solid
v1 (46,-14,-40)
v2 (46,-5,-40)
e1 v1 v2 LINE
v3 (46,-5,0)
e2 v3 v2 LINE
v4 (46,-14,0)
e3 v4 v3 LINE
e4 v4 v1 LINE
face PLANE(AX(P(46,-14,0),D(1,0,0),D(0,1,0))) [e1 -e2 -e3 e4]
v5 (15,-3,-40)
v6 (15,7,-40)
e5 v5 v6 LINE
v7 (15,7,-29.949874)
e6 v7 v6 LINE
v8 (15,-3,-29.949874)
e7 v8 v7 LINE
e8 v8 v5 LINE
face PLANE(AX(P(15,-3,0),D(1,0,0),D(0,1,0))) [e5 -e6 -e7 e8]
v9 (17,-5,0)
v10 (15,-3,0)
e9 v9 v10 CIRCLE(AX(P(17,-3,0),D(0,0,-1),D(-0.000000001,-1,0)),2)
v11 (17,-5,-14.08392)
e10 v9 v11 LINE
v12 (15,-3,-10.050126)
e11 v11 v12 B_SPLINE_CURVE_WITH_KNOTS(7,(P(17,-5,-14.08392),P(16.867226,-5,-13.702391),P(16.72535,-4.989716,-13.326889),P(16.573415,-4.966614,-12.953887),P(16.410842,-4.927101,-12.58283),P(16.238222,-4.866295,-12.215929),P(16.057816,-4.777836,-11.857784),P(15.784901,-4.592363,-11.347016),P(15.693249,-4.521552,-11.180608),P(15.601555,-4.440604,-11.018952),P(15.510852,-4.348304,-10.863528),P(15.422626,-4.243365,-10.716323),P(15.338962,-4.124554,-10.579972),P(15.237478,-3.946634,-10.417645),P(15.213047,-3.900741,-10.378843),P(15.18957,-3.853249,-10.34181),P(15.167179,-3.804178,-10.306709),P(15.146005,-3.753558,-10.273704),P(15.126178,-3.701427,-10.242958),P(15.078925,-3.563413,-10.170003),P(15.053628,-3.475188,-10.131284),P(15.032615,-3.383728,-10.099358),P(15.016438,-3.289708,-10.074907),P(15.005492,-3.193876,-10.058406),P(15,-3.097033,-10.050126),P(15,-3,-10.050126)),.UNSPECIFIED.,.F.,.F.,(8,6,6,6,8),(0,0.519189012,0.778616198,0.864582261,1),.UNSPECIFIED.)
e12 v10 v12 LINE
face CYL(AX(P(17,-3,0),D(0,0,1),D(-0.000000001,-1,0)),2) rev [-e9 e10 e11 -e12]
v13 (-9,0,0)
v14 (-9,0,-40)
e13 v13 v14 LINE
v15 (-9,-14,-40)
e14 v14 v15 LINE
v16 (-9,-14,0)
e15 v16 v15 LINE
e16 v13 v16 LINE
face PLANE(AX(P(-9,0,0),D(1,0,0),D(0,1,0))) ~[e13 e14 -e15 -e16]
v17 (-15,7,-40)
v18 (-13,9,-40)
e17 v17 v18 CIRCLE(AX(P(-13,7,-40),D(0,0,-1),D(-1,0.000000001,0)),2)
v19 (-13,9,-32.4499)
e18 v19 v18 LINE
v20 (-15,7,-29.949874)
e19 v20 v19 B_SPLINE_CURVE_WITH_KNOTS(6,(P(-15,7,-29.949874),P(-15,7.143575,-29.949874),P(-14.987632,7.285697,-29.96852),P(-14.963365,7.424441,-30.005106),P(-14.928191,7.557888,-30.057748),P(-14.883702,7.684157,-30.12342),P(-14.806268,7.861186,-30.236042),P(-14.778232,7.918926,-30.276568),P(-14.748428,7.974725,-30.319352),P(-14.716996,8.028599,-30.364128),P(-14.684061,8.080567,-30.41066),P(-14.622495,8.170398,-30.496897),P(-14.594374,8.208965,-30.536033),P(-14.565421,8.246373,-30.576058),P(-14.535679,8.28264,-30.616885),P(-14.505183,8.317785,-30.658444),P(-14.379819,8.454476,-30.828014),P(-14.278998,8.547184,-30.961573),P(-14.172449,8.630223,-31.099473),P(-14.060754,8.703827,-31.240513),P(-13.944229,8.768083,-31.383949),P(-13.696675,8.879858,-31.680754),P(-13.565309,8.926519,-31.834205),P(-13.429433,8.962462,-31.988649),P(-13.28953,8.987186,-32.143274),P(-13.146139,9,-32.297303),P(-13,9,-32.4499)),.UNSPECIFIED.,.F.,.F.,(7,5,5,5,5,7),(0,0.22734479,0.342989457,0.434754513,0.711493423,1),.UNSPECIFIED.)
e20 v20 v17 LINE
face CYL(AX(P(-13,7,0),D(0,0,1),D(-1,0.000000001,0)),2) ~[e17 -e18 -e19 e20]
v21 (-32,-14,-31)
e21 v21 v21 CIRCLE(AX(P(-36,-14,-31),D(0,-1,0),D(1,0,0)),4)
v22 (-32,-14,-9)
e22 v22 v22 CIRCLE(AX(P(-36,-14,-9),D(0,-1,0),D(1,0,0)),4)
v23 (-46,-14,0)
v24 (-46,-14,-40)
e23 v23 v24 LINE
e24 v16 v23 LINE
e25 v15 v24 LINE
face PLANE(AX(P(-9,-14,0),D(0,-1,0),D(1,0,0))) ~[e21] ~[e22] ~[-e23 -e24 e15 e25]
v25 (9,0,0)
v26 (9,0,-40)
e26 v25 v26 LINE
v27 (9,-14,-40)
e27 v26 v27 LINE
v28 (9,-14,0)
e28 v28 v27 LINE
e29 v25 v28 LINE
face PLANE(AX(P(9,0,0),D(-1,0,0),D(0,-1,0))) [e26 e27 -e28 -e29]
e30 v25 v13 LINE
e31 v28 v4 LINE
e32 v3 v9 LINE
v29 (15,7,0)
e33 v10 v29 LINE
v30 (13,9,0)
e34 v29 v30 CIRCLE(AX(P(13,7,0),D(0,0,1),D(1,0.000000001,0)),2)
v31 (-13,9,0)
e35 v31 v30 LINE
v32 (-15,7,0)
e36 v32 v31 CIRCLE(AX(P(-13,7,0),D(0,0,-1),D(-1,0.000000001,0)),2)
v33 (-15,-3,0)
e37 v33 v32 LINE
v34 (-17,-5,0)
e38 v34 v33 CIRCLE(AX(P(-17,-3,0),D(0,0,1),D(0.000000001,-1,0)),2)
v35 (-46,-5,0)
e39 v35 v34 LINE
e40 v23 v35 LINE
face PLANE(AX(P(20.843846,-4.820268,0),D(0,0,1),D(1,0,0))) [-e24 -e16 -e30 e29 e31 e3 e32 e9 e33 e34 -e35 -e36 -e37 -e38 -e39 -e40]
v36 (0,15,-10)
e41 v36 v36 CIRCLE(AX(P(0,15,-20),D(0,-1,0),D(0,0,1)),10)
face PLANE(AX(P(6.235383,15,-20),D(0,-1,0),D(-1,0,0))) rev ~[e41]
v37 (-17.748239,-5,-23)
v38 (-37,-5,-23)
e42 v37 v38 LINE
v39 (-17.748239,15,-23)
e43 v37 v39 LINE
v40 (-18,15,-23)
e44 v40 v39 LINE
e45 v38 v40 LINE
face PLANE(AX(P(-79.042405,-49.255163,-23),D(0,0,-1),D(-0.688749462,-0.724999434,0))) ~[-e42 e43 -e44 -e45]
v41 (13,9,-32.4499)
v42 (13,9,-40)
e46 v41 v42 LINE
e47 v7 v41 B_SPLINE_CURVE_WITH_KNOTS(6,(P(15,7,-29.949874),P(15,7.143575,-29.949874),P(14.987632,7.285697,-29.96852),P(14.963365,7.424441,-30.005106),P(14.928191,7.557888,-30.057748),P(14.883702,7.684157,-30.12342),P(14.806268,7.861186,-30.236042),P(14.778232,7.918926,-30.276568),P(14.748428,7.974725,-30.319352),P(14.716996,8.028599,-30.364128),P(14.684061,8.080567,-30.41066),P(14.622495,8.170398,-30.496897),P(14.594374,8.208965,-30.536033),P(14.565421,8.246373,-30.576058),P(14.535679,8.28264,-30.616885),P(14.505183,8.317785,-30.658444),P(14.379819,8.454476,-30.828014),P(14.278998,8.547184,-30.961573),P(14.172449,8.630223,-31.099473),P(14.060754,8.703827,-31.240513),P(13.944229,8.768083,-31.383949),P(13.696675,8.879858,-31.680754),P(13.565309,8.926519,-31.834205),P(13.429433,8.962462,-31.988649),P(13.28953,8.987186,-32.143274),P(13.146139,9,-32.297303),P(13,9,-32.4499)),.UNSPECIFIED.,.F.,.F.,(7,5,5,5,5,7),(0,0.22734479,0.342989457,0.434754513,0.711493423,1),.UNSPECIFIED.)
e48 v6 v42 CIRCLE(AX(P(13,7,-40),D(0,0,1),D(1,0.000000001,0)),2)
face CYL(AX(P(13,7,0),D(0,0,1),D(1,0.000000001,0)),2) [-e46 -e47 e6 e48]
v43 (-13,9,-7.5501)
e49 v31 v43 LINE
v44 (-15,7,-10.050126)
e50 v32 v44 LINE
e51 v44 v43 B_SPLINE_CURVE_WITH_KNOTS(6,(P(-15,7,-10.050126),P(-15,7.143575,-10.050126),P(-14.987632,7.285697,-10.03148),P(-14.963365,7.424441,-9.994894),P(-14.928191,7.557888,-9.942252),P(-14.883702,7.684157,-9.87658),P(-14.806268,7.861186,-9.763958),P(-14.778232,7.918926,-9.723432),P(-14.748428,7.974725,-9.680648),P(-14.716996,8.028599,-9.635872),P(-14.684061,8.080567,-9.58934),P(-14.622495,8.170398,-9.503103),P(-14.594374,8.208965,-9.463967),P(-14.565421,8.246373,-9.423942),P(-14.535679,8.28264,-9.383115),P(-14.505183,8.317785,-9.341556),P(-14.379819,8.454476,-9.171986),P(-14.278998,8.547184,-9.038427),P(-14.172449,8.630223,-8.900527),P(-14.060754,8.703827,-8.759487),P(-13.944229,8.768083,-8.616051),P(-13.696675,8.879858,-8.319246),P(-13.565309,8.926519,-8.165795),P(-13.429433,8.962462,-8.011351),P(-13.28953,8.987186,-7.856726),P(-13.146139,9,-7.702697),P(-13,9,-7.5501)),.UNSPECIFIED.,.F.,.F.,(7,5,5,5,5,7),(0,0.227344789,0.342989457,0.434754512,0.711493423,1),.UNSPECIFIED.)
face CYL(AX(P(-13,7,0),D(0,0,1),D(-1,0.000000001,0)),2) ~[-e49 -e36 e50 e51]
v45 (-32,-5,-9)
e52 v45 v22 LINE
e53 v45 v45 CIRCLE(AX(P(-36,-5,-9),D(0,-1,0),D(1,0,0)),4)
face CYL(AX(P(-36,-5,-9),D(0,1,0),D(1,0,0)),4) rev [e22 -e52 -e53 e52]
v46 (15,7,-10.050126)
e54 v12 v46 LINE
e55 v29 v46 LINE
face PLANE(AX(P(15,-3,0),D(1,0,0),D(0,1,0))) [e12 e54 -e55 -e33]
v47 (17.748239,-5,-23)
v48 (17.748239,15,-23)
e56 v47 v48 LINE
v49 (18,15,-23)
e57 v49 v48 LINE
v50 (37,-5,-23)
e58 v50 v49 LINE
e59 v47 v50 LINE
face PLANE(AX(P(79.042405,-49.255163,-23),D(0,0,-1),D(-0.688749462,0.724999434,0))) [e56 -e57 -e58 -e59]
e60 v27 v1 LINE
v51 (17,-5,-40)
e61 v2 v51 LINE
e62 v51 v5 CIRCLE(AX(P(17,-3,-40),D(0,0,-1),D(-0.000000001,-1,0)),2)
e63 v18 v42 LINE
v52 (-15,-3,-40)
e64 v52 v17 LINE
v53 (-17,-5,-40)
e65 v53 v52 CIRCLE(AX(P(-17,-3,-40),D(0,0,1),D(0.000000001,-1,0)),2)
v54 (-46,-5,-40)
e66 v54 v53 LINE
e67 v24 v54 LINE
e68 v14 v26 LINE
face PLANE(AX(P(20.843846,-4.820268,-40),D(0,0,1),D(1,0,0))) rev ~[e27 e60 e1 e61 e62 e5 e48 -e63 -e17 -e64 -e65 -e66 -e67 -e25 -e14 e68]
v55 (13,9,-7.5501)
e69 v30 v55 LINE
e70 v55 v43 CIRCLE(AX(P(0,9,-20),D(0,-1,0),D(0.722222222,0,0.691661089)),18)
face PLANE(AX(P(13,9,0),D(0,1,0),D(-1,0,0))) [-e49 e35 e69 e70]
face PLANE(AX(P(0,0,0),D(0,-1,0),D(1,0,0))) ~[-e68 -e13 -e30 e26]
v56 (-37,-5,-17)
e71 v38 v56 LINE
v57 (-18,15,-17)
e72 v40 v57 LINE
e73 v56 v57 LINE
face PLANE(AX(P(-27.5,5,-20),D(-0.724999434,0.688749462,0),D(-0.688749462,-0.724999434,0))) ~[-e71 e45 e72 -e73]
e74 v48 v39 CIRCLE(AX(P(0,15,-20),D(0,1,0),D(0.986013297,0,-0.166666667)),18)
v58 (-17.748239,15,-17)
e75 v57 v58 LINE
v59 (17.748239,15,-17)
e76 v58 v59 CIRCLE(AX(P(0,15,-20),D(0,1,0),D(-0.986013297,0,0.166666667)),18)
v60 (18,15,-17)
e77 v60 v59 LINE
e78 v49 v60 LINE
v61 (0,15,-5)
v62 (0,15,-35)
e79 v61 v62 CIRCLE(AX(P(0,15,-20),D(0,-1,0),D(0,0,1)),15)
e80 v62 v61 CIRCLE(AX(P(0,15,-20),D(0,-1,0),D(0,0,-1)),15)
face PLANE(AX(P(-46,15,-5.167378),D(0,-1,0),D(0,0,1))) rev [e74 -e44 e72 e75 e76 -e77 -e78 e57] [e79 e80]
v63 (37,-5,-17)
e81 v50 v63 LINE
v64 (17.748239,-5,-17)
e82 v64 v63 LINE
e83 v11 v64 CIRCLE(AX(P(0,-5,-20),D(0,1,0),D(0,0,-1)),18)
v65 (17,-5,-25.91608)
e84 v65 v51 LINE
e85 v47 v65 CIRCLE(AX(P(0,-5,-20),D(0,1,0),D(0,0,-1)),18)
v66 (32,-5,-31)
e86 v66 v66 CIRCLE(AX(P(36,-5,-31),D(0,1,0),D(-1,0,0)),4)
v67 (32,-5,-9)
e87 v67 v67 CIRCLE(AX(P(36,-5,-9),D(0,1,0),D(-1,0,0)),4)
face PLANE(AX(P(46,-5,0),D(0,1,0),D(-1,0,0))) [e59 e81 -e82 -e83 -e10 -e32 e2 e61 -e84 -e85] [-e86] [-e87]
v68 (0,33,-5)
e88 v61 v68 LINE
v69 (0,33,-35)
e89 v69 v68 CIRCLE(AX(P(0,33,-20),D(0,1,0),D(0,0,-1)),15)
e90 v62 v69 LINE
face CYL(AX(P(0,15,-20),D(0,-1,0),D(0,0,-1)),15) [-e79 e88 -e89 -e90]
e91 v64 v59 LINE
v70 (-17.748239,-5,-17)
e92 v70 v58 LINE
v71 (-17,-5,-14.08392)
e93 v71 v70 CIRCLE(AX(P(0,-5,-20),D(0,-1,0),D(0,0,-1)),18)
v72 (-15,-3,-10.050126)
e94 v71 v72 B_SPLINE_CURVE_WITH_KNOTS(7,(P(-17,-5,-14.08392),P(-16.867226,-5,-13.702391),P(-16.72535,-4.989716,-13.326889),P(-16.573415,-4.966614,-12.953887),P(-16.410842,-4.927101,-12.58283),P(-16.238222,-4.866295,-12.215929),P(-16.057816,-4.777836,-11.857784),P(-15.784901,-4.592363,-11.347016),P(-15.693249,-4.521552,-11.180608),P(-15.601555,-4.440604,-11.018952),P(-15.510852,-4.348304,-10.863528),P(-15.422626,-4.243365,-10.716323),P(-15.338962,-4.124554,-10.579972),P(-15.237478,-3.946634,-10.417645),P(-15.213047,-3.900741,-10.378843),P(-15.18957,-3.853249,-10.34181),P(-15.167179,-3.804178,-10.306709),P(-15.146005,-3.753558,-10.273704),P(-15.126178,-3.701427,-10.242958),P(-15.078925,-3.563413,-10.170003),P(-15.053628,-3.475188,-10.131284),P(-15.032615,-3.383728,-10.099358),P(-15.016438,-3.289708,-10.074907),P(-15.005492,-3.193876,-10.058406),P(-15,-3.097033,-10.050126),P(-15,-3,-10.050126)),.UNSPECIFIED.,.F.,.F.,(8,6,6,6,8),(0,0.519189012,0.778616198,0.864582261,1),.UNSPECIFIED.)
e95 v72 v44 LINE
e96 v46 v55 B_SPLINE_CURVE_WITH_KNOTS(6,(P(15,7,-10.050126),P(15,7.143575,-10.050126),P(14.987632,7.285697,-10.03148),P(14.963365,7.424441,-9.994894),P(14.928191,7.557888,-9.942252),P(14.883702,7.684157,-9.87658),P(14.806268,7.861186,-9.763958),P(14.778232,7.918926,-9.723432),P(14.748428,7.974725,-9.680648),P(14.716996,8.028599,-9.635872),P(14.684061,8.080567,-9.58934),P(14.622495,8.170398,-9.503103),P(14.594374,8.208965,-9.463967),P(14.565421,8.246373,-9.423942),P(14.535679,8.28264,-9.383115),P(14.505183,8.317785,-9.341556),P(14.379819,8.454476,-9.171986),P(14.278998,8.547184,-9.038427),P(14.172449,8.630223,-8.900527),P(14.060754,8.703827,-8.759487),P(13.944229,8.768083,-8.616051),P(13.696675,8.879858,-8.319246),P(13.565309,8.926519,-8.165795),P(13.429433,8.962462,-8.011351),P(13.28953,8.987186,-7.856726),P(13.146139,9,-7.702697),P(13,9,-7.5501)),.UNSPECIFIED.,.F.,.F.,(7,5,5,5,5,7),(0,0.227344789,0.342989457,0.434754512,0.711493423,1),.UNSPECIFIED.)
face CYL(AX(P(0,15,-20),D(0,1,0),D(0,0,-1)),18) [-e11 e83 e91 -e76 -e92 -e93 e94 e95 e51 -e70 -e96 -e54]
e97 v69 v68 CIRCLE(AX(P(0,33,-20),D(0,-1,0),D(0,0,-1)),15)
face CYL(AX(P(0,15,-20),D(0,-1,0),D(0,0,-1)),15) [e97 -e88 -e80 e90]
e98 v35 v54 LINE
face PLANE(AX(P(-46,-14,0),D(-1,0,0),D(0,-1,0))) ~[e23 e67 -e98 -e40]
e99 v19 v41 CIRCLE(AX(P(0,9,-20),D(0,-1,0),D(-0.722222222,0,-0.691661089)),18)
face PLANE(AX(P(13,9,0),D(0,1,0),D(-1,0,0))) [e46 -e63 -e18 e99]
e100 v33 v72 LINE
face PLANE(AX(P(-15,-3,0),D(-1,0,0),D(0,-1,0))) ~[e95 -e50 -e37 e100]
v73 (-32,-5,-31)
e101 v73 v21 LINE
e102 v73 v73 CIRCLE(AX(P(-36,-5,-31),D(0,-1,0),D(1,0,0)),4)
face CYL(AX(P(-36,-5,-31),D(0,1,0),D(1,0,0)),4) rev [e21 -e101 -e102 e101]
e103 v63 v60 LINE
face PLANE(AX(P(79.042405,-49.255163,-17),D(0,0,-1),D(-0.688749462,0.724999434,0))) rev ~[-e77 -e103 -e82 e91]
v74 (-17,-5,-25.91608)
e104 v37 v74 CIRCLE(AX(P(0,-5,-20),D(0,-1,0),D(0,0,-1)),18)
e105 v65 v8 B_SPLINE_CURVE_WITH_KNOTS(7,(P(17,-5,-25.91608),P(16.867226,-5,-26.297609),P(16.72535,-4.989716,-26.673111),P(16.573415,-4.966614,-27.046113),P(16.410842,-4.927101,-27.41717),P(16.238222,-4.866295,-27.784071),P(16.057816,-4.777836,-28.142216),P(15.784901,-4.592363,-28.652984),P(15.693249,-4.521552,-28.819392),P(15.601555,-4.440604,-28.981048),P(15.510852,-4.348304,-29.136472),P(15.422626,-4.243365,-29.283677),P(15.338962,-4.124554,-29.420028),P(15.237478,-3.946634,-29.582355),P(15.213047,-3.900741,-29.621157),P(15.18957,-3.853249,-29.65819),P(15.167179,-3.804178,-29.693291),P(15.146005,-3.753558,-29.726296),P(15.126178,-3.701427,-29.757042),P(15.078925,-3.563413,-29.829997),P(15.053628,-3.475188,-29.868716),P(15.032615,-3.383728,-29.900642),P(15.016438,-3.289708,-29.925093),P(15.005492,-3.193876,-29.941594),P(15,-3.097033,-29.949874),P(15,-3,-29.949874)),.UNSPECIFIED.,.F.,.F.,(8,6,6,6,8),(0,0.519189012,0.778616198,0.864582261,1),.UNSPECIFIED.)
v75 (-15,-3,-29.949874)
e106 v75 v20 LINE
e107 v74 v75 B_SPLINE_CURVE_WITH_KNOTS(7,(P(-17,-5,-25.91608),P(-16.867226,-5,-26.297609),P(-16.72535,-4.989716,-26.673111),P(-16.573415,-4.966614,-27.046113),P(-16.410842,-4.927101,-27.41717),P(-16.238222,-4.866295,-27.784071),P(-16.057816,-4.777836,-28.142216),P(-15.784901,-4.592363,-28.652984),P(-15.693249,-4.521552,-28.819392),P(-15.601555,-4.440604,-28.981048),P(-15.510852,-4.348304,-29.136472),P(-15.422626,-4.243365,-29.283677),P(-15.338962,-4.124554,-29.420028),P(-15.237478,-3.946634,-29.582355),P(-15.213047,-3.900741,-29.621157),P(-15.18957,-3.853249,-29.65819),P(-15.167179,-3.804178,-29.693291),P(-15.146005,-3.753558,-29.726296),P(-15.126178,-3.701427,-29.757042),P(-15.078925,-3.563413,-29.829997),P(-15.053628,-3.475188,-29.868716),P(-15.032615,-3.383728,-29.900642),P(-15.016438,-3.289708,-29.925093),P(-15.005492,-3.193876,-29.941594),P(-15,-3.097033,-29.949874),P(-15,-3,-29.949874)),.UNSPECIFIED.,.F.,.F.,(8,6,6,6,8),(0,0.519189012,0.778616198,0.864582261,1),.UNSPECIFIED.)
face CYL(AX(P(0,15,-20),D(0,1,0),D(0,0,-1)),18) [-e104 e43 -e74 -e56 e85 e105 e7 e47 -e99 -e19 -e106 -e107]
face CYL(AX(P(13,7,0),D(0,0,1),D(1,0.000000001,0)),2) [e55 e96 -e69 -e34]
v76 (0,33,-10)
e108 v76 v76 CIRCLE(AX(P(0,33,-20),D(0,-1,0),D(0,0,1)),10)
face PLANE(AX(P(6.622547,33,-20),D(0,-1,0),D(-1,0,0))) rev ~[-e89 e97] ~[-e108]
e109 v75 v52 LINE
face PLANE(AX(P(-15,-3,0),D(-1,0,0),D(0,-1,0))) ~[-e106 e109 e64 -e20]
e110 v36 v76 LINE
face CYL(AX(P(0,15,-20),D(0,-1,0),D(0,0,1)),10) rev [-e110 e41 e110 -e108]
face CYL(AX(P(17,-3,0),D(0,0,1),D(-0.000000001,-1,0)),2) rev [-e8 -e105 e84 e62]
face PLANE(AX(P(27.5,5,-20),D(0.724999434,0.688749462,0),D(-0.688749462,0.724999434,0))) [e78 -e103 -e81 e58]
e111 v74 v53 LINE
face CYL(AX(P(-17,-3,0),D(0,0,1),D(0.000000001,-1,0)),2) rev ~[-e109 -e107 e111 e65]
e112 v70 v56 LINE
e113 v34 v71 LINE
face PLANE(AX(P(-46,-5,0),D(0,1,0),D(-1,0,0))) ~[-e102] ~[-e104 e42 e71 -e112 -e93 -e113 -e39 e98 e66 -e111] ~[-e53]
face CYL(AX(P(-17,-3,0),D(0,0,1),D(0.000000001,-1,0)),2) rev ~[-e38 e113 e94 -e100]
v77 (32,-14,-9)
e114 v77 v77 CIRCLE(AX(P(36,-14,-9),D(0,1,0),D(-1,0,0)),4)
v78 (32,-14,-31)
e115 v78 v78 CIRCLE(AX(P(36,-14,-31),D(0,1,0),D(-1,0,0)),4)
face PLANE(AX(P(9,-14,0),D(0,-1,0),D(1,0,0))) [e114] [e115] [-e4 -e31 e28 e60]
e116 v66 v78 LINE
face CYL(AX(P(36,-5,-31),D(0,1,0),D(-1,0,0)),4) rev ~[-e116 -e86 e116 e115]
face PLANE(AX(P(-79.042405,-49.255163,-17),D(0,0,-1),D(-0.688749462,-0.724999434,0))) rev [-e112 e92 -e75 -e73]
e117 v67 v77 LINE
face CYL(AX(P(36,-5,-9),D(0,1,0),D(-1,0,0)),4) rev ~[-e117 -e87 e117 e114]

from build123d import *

# Parameters (mm, degrees)
BOSS_EXTRUDE1_DEPTH = 40
SKETCH2_R           = 4
CUT_EXTRUDE1_DEPTH  = 40
SKETCH3_R           = 4
CUT_EXTRUDE2_DEPTH  = 40
BOSS_EXTRUDE4_DEPTH = 18
BOSS_EXTRUDE5_REACH = 69.506
RIB7_REACH          = 62.042
SKETCH14_WALL_W     = 149.669532934
SKETCH14_WALL_H     = 6
CUT_EXTRUDE7_DEPTH  = 30
CUT_EXTRUDE8_START  = 30
SKETCH18_R          = 18
SKETCH18_R_2        = 15
CUT_EXTRUDE8_DEPTH  = 30
SKETCH16_R          = 18
SKETCH16_R_2        = 15
CUT_EXTRUDE5_DEPTH  = 18


with BuildPart() as part:
    # Sketch1 → Boss-Extrude1 (new body)
    with BuildSketch(Plane.XY):
        with BuildLine():
            Line((0, 0), (9, 0))
            Line((9, 0), (9, -14))
            Line((9, -14), (46, -14))
            Line((46, -14), (46, -5))
            Line((46, -5), (17, -5))
            ThreePointArc((17, -5), (15.585786438, -4.414213562), (15, -3))
            Line((15, -3), (15, 7))
            ThreePointArc((15, 7), (14.414213562, 8.414213562), (13, 9))
            Line((13, 9), (0, 9))
            Line((0, 9), (0, 0))
        make_face()
    extrude(amount=-BOSS_EXTRUDE1_DEPTH)

    # Sketch2 → Cut-Extrude1 (cut)
    with BuildSketch(Plane(origin=(0, -5, 0), x_dir=(1, 0, 0), z_dir=(0, 1, 0))):
        with Locations(Location((36, 9, 0), (0, 0, 180))):
            Circle(SKETCH2_R)
    extrude(amount=-CUT_EXTRUDE1_DEPTH, mode=Mode.SUBTRACT)

    # Sketch3 → Cut-Extrude2 (cut)
    with BuildSketch(Plane(origin=(0, -5, 0), x_dir=(1, 0, 0), z_dir=(0, 1, 0))):
        with Locations(Location((36, 31, 0), (0, 0, 180))):
            Circle(SKETCH3_R)
    extrude(amount=-CUT_EXTRUDE2_DEPTH, mode=Mode.SUBTRACT)

    # Sketch7 → Boss-Extrude5 (add, up to next)
    with BuildSketch(Plane(origin=(0, 15, 0), x_dir=(1, 0, 0), z_dir=(0, 1, 0)), mode=Mode.PRIVATE) as boss_extrude5_sk1:
        with BuildLine():
            Line((0, 2), (0, 20))
            Line((0, 20), (0, 38))
            ThreePointArc((0, 38), (18, 20), (0, 2))
        make_face()
    boss_extrude5_tool1 = extrude(boss_extrude5_sk1.sketch, amount=-BOSS_EXTRUDE5_REACH, mode=Mode.PRIVATE) - part.part


with BuildPart() as body_2:
    # Sketch4 → Boss-Extrude4 (new body)
    with BuildSketch(Plane(origin=(0, 15, 0), x_dir=(1, 0, 0), z_dir=(0, 1, 0))):
        with BuildLine():
            Line((0, 30), (0, 35))
            ThreePointArc((0, 35), (15, 20), (0, 5))
            Line((0, 5), (0, 10))
            ThreePointArc((0, 10), (10, 20), (0, 30))
        make_face()
    extrude(amount=BOSS_EXTRUDE4_DEPTH)


with BuildPart() as part_1:
    add(part.part)

    add(body_2.part)  # Boss-Extrude5 merges body 2
    add(boss_extrude5_tool1.solids().sort_by_distance((7.639437, 15, -20))[0])

    # Sketch14 wall → Rib7 (add, up to next)
    with BuildSketch(Plane(origin=(27.5, 5, -20), x_dir=(-0.688749461915, 0.724999433594, 0), z_dir=(0.724999433594, 0.688749461915, 0)), mode=Mode.PRIVATE) as rib7_sk1:
        Rectangle(SKETCH14_WALL_W, SKETCH14_WALL_H)
    rib7_tool1 = extrude(rib7_sk1.sketch, amount=-RIB7_REACH, mode=Mode.PRIVATE) - part_1.part
    add(rib7_tool1.solids().sort_by_distance((27.5, 5, -20))[0])

    # Sketch17 → Cut-Extrude7 (cut)
    with BuildSketch(Plane(origin=(46, 0, 0), x_dir=(0, 0, -1), z_dir=(1, 0, 0))):
        Polygon((20, 15), (35.006710278, 15), (35.006710278, 24.792153867), (20, 24.792153867), (5.167377758, 24.792153867), (5.167377758, 15), align=None)
    extrude(amount=-CUT_EXTRUDE7_DEPTH, mode=Mode.SUBTRACT)

    # Sketch18 → Cut-Extrude8 (cut)
    with BuildSketch(Plane(origin=(0, 15, 0), x_dir=(1, 0, 0), z_dir=(0, 1, 0)).offset(CUT_EXTRUDE8_START)):
        with Locations((0, 20)):
            Circle(SKETCH18_R)
        with Locations((0, 20)):
            Circle(SKETCH18_R_2, mode=Mode.SUBTRACT)
    extrude(amount=-CUT_EXTRUDE8_DEPTH, mode=Mode.SUBTRACT)

    # Mirror13: part across plane


with BuildPart() as part_2:
    add(part_1.part)
    add(part_1.part.mirror(Plane(origin=(0, 0, -40), x_dir=(0, 0, 1), z_dir=(-1, 0, 0))))

    # Sketch16 → Cut-Extrude5 (cut)
    with BuildSketch(Plane(origin=(0, 15, 0), x_dir=(1, 0, 0), z_dir=(0, 1, 0))):
        with Locations((0, 20)):
            Circle(SKETCH16_R)
        with Locations(Location((0, 20, 0), (0, 0, 180))):
            Circle(SKETCH16_R_2, mode=Mode.SUBTRACT)
    extrude(amount=CUT_EXTRUDE5_DEPTH, mode=Mode.SUBTRACT)


solid = part_2.part
